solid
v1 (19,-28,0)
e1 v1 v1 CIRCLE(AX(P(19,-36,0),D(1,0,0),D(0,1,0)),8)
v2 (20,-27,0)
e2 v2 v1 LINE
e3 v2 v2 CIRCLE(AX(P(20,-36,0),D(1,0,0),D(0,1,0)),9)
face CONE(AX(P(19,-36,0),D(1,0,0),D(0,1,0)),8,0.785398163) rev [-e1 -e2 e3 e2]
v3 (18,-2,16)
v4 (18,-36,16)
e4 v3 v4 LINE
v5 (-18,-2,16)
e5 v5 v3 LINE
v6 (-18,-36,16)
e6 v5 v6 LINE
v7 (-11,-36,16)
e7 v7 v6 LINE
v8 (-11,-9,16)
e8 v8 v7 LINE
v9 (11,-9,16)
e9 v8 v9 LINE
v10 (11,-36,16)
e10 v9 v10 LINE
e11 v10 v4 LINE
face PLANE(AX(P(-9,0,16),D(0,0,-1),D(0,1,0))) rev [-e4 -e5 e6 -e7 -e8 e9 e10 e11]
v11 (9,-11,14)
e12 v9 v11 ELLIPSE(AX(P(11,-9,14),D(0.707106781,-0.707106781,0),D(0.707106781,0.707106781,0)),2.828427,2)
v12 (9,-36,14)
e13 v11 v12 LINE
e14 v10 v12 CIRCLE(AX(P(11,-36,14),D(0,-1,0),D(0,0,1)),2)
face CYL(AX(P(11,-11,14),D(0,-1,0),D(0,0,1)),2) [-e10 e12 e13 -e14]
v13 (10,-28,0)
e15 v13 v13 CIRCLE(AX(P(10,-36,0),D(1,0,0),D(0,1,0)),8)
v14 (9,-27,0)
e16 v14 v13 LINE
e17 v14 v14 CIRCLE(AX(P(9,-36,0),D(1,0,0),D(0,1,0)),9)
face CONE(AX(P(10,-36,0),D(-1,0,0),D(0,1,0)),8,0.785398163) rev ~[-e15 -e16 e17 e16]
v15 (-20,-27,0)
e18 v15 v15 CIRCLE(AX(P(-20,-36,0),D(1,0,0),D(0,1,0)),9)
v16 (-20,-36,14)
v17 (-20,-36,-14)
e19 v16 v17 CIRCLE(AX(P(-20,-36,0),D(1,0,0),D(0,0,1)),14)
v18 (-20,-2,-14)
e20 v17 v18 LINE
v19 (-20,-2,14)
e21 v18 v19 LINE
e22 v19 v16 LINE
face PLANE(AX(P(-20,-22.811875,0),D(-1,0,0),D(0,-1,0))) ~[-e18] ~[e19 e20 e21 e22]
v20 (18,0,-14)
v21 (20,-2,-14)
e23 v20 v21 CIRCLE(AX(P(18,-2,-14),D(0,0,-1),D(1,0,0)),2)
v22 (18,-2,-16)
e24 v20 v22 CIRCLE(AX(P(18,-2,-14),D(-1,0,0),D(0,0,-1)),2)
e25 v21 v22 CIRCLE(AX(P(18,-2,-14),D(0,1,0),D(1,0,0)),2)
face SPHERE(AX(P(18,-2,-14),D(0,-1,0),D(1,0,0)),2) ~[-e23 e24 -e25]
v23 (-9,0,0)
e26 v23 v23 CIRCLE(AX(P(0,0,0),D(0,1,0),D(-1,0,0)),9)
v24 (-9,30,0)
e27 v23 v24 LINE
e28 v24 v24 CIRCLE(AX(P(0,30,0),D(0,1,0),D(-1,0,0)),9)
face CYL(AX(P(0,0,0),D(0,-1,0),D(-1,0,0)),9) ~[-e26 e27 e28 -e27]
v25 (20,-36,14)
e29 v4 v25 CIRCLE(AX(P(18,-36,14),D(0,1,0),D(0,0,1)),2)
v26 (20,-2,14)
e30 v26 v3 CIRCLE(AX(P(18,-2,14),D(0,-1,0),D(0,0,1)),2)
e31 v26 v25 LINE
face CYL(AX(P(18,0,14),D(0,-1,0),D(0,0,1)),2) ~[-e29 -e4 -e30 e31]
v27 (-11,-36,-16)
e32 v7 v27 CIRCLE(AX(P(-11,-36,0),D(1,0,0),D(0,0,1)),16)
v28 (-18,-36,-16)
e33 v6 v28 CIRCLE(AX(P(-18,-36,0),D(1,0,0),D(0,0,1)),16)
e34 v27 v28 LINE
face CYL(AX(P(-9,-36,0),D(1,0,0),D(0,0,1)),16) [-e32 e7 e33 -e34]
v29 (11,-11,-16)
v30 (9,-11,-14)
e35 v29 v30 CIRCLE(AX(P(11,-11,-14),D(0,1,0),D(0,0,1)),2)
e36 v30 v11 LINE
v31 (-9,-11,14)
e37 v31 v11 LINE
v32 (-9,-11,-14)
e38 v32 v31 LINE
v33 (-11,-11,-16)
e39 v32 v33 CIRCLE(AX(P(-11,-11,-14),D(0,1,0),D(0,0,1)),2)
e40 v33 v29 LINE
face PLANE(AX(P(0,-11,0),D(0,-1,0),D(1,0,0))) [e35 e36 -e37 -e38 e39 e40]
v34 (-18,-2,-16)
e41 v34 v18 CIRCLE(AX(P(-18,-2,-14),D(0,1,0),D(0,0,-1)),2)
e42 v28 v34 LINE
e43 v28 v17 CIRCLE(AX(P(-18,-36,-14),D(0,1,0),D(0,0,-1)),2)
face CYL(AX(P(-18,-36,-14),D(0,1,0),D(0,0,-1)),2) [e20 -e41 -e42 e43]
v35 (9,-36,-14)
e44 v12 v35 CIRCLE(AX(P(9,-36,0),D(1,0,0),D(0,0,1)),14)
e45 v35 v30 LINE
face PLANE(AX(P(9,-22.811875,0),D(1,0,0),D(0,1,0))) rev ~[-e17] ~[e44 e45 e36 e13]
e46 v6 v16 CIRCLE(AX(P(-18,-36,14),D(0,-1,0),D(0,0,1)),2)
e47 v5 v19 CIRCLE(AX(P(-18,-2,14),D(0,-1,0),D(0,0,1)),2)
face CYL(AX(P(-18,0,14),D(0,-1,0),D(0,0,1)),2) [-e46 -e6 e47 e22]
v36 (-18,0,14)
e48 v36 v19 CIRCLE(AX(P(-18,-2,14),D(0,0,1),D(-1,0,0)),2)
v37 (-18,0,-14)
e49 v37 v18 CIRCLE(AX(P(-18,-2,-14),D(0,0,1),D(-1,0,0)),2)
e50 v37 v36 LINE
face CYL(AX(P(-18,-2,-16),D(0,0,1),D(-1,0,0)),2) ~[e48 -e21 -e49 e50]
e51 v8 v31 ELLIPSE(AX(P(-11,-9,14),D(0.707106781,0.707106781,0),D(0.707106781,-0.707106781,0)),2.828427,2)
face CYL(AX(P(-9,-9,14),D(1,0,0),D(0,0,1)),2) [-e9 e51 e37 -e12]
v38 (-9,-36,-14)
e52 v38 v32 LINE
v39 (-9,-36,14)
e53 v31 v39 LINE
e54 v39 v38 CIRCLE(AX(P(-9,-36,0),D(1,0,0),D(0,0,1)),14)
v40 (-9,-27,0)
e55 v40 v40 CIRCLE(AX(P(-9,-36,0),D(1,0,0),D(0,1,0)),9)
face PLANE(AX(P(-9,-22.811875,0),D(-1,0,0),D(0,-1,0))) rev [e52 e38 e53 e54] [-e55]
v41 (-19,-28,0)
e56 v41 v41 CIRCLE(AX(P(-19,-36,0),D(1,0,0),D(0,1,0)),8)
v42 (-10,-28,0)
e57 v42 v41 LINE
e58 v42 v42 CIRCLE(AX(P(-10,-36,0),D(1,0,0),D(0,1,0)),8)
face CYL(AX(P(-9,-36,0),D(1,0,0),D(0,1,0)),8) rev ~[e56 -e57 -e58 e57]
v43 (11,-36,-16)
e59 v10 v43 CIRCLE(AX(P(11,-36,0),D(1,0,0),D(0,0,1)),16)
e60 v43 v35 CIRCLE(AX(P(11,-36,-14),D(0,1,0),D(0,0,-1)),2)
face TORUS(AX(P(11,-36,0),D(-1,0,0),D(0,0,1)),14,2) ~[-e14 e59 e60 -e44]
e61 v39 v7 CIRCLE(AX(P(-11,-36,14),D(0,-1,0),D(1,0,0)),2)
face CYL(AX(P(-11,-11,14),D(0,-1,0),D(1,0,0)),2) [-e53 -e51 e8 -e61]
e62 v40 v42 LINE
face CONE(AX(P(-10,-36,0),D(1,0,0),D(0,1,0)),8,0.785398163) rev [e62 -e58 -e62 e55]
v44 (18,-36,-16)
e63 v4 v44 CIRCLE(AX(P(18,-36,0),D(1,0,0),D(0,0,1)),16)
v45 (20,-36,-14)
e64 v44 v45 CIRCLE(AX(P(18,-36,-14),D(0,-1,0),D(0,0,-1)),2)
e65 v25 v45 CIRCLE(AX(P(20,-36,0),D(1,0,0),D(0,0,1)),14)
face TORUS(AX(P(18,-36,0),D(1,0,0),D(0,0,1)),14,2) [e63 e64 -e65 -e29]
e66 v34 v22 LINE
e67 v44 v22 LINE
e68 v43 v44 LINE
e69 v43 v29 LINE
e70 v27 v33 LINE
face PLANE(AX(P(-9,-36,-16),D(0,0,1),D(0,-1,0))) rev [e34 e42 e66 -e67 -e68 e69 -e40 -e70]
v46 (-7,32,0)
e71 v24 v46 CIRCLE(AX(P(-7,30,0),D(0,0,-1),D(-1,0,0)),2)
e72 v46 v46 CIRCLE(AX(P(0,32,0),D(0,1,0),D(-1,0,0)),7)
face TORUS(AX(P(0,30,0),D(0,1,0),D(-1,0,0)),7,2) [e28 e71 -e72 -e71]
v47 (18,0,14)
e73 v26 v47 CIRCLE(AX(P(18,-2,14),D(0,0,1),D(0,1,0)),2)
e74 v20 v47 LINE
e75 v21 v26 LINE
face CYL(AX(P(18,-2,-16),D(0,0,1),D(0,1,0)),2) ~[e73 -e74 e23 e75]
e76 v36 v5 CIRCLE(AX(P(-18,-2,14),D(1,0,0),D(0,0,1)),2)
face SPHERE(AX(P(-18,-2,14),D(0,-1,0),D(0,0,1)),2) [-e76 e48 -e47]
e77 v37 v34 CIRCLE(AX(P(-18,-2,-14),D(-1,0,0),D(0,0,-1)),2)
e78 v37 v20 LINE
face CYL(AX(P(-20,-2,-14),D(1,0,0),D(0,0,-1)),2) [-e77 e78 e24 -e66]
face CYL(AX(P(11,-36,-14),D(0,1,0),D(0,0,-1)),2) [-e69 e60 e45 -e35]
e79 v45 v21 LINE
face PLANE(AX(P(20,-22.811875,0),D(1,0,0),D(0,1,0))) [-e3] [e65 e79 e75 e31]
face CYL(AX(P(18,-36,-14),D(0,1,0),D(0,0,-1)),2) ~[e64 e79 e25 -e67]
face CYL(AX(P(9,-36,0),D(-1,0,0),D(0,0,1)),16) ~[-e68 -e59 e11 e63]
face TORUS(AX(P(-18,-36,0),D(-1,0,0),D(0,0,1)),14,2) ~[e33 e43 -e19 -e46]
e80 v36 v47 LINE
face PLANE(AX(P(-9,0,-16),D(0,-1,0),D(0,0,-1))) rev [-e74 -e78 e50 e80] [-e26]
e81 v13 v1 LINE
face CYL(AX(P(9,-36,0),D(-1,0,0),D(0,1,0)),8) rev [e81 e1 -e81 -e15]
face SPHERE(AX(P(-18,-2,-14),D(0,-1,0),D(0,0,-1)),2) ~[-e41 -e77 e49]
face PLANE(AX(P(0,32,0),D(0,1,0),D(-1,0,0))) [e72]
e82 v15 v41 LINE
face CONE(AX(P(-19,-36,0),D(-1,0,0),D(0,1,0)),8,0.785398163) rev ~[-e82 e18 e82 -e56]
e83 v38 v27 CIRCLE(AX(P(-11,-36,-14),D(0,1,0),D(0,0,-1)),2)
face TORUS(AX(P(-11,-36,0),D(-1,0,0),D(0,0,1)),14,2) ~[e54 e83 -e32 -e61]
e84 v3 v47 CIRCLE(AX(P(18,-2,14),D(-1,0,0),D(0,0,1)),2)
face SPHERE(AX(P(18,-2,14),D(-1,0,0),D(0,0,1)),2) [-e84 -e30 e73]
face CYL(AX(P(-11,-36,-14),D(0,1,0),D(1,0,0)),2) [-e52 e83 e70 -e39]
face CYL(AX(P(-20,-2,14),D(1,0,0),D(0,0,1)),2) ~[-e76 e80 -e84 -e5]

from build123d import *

# Parameters (mm, degrees)
F0_W     = 18
F0_H     = 32
F1_DEPTH = 11
F2_R     = 8
F3_DEPTH = 11
F5_R     = 9
F6_DEPTH = 32
F7_SIZE  = 1
F8_R     = 2


with BuildPart() as f1:
    # F0 (on Front) → F1 (new body)
    with BuildSketch(Plane.XZ):
        Rectangle(F0_W, F0_H)
    extrude(amount=F1_DEPTH)

    # F2 (on face) → F3 (join)
    with BuildSketch(Plane.YZ.offset(9)):
        with BuildLine():
            Line((-36, -16), (0, -16))
            Line((0, -16), (0, 16))
            Line((0, 16), (-36, 16))
            ThreePointArc((-36, 16), (-52, 0), (-36, -16))
        make_face()
        with Locations((-36, 0)):
            Circle(F2_R, mode=Mode.SUBTRACT)
    extrude(amount=F3_DEPTH)

    # F4: F1 across plane


with BuildPart() as f1_1:
    add(f1.part)
    add(f1.part.mirror(Plane.YZ))

    # F5 (on face) → F6 (join)
    with BuildSketch(Plane(origin=(0, 0, 0), x_dir=(-1, 0, 0), z_dir=(0, 1, 0))):
        Circle(F5_R)
    extrude(amount=F6_DEPTH)

    # F7
    f7_edges = [f1_1.edges().sort_by_distance(p)[0] for p in [
        (9, -44, 0),
        (20, -44, 0),
        (-9, -44, 0),
        (-20, -44, 0),
    ]]
    chamfer(f7_edges, length=F7_SIZE)

    # F8
    f8_edges = [f1_1.edges().sort_by_distance(p)[0] for p in [
        (0, -11, 16),
        (-9, -23.5, 16),
        (-14.5, -36, 16),
        (-20, -18, 16),
        (0, 0, 16),
        (20, -18, 16),
        (14.5, -36, 16),
        (9, -23.5, 16),
        (20, 0, 0),
        (0, 0, -16),
        (-20, 0, 0),
        (9, 32, 0),
    ]]
    fillet(f8_edges, radius=F8_R)


solid = f1_1.part
